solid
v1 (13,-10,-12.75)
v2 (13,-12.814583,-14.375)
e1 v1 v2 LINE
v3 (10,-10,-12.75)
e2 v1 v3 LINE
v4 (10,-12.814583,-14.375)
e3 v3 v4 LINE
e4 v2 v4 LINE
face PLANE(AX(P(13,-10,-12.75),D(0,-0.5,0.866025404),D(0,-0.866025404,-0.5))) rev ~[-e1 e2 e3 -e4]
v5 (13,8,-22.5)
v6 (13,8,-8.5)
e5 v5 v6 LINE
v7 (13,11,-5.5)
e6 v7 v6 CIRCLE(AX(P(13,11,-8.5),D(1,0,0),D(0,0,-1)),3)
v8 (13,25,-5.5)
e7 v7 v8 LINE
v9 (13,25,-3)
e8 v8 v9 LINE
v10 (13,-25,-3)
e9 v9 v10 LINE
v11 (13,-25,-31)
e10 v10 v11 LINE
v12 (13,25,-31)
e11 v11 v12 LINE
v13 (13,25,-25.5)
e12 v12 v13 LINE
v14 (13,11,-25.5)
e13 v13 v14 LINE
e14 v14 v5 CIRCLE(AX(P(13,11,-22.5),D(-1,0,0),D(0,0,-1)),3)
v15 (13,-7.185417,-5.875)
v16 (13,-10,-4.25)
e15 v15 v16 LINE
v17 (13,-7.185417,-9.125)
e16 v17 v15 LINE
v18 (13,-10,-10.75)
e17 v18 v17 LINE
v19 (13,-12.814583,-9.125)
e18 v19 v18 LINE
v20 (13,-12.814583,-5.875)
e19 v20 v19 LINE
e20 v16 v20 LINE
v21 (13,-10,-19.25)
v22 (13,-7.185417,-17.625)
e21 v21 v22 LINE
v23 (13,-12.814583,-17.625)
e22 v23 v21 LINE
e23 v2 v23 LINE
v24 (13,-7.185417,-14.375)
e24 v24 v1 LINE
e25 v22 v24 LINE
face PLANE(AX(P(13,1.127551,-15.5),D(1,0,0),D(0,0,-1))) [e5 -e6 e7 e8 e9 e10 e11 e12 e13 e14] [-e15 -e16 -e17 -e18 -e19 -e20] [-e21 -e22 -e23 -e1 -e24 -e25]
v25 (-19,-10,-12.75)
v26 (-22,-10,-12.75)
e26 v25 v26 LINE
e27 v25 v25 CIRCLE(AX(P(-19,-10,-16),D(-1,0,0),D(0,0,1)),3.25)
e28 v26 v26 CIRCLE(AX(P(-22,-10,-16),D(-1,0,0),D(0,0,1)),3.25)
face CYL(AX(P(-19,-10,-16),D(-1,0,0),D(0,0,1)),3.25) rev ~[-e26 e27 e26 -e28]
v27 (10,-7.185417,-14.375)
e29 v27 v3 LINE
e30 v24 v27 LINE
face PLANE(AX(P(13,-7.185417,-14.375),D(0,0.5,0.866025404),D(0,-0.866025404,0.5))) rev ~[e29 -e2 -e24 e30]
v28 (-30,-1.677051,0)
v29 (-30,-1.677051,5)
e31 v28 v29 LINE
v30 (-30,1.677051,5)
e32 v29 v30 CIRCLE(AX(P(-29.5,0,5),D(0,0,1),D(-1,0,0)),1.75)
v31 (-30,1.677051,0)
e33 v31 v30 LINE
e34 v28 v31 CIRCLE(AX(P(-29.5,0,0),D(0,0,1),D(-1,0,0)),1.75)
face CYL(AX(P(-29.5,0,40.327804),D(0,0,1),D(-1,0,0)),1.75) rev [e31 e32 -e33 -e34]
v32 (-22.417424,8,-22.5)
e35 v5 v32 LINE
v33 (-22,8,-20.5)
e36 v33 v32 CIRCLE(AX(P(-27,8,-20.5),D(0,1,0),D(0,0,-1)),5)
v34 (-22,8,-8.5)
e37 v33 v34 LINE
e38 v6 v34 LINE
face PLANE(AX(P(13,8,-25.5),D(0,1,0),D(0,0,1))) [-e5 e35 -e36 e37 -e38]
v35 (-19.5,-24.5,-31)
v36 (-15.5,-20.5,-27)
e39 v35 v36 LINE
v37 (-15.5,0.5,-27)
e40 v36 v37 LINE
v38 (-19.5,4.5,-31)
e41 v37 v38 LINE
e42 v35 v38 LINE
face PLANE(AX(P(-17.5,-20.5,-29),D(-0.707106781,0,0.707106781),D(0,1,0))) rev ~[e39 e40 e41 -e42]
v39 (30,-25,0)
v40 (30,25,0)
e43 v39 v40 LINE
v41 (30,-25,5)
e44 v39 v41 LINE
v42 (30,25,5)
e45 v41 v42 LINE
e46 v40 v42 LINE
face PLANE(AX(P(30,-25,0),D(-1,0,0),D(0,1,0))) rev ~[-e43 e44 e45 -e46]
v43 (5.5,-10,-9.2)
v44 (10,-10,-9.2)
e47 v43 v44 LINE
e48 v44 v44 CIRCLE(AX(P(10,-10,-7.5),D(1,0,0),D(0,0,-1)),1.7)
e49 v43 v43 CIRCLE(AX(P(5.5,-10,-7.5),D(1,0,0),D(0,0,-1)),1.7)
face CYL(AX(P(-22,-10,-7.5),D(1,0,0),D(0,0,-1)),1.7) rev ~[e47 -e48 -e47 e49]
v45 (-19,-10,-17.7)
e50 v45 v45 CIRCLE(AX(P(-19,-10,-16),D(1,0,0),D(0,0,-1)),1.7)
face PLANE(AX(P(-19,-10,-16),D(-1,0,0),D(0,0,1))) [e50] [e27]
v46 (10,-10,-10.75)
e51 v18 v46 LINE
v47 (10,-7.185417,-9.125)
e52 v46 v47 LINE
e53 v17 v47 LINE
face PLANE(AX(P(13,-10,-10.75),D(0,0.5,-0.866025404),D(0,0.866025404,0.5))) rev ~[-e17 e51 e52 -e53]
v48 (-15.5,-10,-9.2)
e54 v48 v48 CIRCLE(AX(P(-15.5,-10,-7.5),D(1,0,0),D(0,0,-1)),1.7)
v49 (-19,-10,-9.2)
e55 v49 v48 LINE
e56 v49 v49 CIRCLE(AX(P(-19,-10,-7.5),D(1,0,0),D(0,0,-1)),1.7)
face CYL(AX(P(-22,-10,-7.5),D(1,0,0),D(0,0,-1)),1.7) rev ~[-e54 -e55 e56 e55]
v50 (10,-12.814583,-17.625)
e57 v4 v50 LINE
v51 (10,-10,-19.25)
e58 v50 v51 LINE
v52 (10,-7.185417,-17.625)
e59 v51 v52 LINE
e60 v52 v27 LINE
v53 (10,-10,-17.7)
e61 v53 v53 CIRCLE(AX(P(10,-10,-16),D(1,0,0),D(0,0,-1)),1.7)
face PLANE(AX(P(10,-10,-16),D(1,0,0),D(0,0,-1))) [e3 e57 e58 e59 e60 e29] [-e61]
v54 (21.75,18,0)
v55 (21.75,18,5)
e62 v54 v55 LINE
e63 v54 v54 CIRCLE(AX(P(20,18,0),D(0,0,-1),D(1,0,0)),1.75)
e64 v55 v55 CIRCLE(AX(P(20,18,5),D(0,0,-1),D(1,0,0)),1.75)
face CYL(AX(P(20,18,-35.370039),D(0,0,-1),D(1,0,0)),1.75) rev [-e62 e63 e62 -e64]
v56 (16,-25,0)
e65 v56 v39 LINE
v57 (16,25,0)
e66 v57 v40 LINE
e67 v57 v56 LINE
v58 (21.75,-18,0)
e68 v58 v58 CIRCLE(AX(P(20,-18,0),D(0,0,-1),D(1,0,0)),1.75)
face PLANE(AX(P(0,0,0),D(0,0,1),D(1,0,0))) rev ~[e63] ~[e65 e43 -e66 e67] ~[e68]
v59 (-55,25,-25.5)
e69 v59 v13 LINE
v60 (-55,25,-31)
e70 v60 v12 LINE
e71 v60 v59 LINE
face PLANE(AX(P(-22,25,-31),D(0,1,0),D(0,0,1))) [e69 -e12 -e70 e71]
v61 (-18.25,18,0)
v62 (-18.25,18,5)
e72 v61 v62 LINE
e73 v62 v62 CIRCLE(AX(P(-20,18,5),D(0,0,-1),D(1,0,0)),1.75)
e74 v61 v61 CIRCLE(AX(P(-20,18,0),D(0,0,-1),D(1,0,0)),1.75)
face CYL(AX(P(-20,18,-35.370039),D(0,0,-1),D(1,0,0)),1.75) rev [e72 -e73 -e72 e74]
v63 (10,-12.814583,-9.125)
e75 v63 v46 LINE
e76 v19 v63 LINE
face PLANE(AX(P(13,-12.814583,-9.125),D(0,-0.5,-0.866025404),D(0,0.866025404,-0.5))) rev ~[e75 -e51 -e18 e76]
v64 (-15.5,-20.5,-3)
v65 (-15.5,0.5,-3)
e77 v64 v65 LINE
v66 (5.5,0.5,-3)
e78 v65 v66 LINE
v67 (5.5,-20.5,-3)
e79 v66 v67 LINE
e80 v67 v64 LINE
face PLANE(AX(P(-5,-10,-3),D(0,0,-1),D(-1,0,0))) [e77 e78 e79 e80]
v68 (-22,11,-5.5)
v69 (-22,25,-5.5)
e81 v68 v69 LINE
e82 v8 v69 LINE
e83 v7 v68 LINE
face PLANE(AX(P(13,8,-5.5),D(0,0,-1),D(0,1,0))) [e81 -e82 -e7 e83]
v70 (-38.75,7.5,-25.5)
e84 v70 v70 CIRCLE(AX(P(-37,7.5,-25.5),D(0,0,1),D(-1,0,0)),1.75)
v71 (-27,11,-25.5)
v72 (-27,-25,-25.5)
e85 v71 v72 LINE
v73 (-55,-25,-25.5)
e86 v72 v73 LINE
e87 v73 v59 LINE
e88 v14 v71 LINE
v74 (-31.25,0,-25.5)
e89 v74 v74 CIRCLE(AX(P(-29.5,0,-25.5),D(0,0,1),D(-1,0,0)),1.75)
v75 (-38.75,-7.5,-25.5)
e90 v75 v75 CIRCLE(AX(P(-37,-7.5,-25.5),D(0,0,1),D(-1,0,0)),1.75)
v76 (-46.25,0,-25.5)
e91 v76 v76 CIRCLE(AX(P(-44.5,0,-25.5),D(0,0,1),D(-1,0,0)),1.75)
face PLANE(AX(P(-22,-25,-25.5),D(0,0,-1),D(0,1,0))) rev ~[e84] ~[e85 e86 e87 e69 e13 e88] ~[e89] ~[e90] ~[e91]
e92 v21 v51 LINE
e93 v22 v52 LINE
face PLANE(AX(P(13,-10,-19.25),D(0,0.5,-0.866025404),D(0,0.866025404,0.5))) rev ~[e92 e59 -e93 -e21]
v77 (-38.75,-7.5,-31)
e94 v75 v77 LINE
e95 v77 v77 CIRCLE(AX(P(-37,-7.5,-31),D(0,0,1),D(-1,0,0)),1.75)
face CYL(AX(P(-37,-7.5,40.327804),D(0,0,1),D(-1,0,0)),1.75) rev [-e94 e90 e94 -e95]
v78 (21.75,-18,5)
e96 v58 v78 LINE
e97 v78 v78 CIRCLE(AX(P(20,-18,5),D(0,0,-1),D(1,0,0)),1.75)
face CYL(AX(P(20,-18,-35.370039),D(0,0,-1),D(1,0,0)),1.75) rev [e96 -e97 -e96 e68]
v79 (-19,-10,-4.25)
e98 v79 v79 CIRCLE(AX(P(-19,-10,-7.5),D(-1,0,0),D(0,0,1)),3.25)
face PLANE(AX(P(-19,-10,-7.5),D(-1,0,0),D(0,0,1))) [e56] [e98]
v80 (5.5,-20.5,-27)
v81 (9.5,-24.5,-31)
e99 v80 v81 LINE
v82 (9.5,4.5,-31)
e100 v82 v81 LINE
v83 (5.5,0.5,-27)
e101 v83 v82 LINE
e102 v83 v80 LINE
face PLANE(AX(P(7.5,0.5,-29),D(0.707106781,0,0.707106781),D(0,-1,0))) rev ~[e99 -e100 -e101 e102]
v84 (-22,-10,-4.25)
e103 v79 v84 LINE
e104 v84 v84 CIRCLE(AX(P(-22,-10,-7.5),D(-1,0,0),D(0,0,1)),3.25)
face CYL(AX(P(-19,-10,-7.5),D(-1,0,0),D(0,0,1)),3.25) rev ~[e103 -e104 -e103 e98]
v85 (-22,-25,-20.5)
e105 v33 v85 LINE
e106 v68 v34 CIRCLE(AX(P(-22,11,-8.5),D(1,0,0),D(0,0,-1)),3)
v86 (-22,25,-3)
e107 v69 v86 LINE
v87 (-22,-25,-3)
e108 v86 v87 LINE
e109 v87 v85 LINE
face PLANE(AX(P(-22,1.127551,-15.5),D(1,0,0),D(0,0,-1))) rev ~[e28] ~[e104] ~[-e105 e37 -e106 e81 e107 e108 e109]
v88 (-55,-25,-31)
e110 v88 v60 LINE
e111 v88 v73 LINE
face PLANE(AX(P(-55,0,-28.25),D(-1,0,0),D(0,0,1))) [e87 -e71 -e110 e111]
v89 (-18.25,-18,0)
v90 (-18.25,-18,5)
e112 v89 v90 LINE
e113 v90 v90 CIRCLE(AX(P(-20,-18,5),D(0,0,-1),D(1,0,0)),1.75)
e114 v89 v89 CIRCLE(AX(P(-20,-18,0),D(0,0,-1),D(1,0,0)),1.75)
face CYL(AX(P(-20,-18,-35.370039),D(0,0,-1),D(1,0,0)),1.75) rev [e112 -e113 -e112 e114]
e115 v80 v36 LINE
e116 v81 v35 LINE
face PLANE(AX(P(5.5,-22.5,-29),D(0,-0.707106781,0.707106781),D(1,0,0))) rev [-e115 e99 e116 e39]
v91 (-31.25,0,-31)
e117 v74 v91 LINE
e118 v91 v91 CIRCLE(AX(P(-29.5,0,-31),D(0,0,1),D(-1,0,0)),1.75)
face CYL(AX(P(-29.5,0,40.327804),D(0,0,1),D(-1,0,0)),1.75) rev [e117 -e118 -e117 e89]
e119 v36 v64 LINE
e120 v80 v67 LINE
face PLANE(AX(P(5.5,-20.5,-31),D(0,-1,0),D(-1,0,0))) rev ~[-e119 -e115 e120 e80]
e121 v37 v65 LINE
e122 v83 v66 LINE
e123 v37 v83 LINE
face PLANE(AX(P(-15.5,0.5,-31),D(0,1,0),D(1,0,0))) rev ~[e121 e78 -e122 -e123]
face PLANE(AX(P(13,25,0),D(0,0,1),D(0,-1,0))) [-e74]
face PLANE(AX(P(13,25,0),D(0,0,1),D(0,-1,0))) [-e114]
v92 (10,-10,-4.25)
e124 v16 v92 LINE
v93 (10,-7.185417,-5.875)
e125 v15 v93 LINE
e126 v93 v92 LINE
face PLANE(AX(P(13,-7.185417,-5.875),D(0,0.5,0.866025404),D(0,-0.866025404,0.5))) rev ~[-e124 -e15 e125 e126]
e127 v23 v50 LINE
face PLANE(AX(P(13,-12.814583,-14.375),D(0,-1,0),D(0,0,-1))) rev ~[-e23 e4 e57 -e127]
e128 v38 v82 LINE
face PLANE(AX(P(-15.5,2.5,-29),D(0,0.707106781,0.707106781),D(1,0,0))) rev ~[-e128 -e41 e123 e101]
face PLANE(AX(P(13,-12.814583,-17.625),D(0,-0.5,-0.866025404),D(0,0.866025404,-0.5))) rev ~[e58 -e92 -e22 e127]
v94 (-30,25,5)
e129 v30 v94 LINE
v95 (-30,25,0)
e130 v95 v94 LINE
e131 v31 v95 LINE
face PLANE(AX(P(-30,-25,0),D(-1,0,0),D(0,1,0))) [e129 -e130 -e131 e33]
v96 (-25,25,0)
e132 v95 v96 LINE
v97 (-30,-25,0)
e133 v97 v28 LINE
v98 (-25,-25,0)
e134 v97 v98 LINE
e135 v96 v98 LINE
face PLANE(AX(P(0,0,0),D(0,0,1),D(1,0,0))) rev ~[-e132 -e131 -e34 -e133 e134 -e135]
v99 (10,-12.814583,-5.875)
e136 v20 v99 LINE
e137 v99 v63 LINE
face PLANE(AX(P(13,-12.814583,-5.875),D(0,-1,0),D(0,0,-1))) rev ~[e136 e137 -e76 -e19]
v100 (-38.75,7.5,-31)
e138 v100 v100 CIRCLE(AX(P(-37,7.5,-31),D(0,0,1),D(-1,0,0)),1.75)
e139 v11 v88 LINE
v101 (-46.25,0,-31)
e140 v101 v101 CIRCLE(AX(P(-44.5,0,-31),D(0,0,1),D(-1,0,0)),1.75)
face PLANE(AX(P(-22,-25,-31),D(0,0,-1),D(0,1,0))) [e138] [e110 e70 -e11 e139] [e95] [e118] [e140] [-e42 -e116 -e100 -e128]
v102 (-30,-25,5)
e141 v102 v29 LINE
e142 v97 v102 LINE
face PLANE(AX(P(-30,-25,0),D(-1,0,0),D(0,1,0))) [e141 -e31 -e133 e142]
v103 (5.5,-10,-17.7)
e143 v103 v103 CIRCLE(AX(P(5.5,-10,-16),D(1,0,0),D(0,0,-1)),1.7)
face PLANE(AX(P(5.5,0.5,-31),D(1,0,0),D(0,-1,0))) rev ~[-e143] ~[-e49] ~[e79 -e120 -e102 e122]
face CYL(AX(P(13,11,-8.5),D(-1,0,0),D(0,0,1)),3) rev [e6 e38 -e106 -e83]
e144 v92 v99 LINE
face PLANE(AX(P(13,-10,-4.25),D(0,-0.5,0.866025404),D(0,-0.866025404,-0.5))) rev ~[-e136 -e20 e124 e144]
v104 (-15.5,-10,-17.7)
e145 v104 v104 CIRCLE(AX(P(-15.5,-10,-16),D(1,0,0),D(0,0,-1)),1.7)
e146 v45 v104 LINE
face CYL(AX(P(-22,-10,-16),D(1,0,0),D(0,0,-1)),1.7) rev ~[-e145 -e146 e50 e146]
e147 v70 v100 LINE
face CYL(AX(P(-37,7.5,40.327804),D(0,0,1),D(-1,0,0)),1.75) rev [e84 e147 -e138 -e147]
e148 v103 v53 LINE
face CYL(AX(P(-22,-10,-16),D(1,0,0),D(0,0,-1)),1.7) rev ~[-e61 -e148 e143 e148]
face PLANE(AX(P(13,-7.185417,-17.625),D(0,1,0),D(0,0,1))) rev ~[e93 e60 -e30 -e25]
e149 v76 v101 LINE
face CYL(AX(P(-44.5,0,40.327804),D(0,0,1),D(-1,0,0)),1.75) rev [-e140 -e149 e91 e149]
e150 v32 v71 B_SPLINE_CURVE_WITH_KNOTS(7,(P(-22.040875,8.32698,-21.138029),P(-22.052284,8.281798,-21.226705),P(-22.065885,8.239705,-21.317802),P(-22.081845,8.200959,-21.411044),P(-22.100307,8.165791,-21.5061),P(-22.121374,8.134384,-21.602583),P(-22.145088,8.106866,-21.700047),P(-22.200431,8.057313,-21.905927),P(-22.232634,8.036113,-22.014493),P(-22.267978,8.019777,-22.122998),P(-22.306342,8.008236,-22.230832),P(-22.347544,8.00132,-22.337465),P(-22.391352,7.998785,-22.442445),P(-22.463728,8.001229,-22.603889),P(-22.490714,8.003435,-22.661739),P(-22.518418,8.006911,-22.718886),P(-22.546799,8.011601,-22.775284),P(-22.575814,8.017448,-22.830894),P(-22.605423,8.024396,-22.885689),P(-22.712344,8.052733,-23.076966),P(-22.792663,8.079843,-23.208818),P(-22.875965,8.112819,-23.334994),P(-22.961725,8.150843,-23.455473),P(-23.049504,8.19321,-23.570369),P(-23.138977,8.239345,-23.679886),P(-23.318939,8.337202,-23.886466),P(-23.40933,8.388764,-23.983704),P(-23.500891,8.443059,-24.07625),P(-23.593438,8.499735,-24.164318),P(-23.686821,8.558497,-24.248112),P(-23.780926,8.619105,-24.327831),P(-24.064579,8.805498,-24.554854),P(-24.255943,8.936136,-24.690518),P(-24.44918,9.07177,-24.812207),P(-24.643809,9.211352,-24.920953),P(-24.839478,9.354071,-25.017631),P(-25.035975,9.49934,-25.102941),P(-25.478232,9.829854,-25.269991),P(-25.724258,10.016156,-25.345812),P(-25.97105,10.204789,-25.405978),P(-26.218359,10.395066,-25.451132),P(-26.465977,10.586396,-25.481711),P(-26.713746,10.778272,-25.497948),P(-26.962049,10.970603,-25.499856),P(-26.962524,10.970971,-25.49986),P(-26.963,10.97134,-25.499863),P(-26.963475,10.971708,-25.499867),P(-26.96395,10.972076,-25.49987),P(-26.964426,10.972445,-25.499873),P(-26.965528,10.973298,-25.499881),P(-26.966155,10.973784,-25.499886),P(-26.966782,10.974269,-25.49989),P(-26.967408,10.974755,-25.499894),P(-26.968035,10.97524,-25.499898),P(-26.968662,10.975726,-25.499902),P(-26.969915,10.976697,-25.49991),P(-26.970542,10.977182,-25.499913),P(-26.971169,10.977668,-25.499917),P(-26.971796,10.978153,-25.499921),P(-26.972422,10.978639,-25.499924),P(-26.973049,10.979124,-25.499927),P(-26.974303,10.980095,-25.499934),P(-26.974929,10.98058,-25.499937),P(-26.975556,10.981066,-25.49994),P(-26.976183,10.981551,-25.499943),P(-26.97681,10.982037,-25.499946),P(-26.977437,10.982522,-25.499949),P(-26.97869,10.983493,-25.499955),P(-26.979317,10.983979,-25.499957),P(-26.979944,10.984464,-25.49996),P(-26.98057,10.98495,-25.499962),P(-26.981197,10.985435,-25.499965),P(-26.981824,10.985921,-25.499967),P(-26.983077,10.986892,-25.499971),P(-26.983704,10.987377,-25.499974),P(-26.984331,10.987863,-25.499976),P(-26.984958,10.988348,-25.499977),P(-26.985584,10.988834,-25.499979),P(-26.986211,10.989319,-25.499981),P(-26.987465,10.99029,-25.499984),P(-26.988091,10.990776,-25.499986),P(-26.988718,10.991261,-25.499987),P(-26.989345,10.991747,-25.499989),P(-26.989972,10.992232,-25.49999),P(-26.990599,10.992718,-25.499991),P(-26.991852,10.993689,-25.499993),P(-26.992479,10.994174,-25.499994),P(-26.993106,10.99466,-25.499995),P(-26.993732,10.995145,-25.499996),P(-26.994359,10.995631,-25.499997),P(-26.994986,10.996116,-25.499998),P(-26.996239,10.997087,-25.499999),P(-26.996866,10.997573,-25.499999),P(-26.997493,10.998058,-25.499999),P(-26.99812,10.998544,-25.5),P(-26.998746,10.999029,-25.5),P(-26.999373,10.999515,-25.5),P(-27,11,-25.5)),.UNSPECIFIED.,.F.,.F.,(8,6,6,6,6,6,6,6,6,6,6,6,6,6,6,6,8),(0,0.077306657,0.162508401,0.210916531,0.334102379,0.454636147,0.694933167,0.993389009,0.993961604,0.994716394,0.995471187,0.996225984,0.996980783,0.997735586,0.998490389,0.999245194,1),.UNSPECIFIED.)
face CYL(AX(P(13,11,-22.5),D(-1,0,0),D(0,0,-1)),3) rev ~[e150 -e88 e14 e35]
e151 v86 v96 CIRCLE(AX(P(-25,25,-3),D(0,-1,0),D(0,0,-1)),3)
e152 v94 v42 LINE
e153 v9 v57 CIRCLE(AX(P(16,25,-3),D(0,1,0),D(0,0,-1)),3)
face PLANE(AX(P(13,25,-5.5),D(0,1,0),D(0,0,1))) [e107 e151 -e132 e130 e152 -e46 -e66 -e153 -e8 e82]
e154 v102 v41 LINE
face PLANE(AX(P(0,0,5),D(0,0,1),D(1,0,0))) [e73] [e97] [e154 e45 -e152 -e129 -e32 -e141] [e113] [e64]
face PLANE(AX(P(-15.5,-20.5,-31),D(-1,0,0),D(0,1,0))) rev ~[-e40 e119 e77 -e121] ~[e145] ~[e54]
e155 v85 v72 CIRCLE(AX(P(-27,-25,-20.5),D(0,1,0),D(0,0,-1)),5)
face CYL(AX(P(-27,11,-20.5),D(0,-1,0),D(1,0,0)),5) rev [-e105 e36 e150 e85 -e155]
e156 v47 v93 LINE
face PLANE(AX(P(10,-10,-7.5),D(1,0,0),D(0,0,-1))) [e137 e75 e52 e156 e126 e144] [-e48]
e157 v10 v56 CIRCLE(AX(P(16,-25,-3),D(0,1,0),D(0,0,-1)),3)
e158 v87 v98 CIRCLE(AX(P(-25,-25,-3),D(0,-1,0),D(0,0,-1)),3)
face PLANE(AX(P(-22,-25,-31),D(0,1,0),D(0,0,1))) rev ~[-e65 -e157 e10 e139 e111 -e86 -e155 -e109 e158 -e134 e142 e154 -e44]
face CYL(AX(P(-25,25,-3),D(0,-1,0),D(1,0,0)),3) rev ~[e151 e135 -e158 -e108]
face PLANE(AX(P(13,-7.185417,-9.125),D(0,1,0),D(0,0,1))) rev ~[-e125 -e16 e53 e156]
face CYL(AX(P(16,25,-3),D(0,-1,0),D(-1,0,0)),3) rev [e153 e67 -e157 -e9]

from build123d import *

# Parameters (mm, degrees)
SKETCH1_W                      = 60
SKETCH1_H                      = 50
BOSS_EXTRUDE1_DEPTH            = 5
CUT_EXTRUDE1_DEPTH             = 40.37003937
CUT_EXTRUDE1_DEPTH_BACK        = 40.37003937
SKETCH5_R                      = 1.75
BOSS_EXTRUDE2_START            = -17
BOSS_EXTRUDE2_DEPTH            = 35
SKETCH6_W                      = 5.5
SKETCH6_H                      = 50
BOSS_EXTRUDE3_DEPTH            = 33
CUT_EXTRUDE2_DEPTH             = 71.32780389
CUT_EXTRUDE2_DEPTH_BACK        = 71.32780389
SKETCH7_R                      = 1.75
FILLET2_R                      = 3
FILLET3_R                      = 3
SKETCH8_W                      = 21
SKETCH8_H                      = 21
CUT_EXTRUDE3_DEPTH             = 28
FILLET4_R                      = 5
CBORE_FOR_M3_SHCS1_D           = 3.4
CBORE_FOR_M3_SHCS1_CBORE_D     = 6.5
CBORE_FOR_M3_SHCS1_CBORE_DEPTH = 3
SKETCH16_R                     = 1.7
CUT_EXTRUDE4_DEPTH             = 3
CHAMFER1_SIZE                  = 4


with BuildPart() as part:
    # Sketch1 → Boss-Extrude1 (new body)
    with BuildSketch(Plane.XY):
        Rectangle(SKETCH1_W, SKETCH1_H)
    extrude(amount=BOSS_EXTRUDE1_DEPTH)

    # Sketch5 → Cut-Extrude1 (cut, two sides: drawn at the far end of the back side and taken through both)
    with BuildSketch(Plane.XY.offset(5).offset(-CUT_EXTRUDE1_DEPTH_BACK)):
        with Locations((-20, 18)):
            Circle(SKETCH5_R)
        with Locations((20, 18)):
            Circle(SKETCH5_R)
        with Locations((20, -18)):
            Circle(SKETCH5_R)
        with Locations((-20, -18)):
            Circle(SKETCH5_R)
    extrude(amount=CUT_EXTRUDE1_DEPTH + CUT_EXTRUDE1_DEPTH_BACK, mode=Mode.SUBTRACT)

    # Sketch2 → Boss-Extrude2 (add)
    with BuildSketch(Plane(origin=(30, 0, 0), x_dir=(0, 0, -1), z_dir=(1, 0, 0)).offset(BOSS_EXTRUDE2_START)):
        Polygon((0, -25), (31, -25), (31, 25), (25.5, 25), (25.5, 8), (5.5, 8), (5.5, 25), (0, 25), align=None)
    extrude(amount=-BOSS_EXTRUDE2_DEPTH)

    # Sketch6 → Boss-Extrude3 (add)
    with BuildSketch(Plane.ZY.offset(22)):
        with Locations((-28.25, 0)):
            Rectangle(SKETCH6_W, SKETCH6_H)
    extrude(amount=BOSS_EXTRUDE3_DEPTH)

    # Sketch7 → Cut-Extrude2 (cut, two sides: drawn at the far end of the back side and taken through both)
    with BuildSketch(Plane(origin=(0, 0, -31), x_dir=(-1, 0, 0), z_dir=(0, 0, -1)).offset(-CUT_EXTRUDE2_DEPTH_BACK)):
        with Locations((37, 7.5)):
            Circle(SKETCH7_R)
        with Locations((44.5, 0)):
            Circle(SKETCH7_R)
        with Locations((37, -7.5)):
            Circle(SKETCH7_R)
        with Locations((29.5, 0)):
            Circle(SKETCH7_R)
    extrude(amount=CUT_EXTRUDE2_DEPTH + CUT_EXTRUDE2_DEPTH_BACK, mode=Mode.SUBTRACT)

    # Fillet2
    fillet2_edges = [part.edges().sort_by_distance(p)[0] for p in [
        (13, 0, 0),
        (-22, 0, 0),
    ]]
    fillet(fillet2_edges, radius=FILLET2_R)

    # Fillet3
    fillet3_edges = [part.edges().sort_by_distance(p)[0] for p in [
        (-4.5, 8, -25.5),
        (-4.5, 8, -5.5),
    ]]
    fillet(fillet3_edges, radius=FILLET3_R)

    # Sketch8 → Cut-Extrude3 (cut)
    with BuildSketch(Plane(origin=(0, 0, -31), x_dir=(-1, 0, 0), z_dir=(0, 0, -1))):
        with Locations((5, -10)):
            Rectangle(SKETCH8_W, SKETCH8_H)
    extrude(amount=-CUT_EXTRUDE3_DEPTH, mode=Mode.SUBTRACT)

    # Fillet4
    fillet4_edges = [part.edges().sort_by_distance(p)[0] for p in [
        (-22, -7, -25.5),
    ]]
    fillet(fillet4_edges, radius=FILLET4_R)

    # CBORE for M3 SHCS1 (through all)
    with Locations(Plane.ZY.offset(22)):
        with Locations((-7.5, -10), (-16, -10)):
            CounterBoreHole(CBORE_FOR_M3_SHCS1_D / 2, CBORE_FOR_M3_SHCS1_CBORE_D / 2, CBORE_FOR_M3_SHCS1_CBORE_DEPTH)

    # Sketch16 → Cut-Extrude4 (cut)
    # profile 1 of 2: a face of its own
    with BuildSketch(Plane(origin=(13, 0, 0), x_dir=(0, 0, -1), z_dir=(1, 0, 0))):
        Polygon((9.125, -12.814582562), (10.75, -10), (9.125, -7.185417438), (5.875, -7.185417438), (4.25, -10), (5.875, -12.814582562), align=None)
        with Locations((7.5, -10)):
            Circle(SKETCH16_R, mode=Mode.SUBTRACT)
    # profile 2 of 2: a face of its own
    with BuildSketch(Plane(origin=(13, 0, 0), x_dir=(0, 0, -1), z_dir=(1, 0, 0))):
        Polygon((17.625, -12.814582562), (19.25, -10), (17.625, -7.185417438), (14.375, -7.185417438), (12.75, -10), (14.375, -12.814582562), align=None)
        with Locations((16, -10)):
            Circle(SKETCH16_R, mode=Mode.SUBTRACT)
    extrude(amount=-CUT_EXTRUDE4_DEPTH, mode=Mode.SUBTRACT)

    # Chamfer1
    chamfer1_edges = [part.edges().sort_by_distance(p)[0] for p in [
        (5.5, -10, -31),
        (-5, -20.5, -31),
        (-5, 0.5, -31),
        (-15.5, -10, -31),
    ]]
    chamfer(chamfer1_edges, length=CHAMFER1_SIZE)


solid = part.part
